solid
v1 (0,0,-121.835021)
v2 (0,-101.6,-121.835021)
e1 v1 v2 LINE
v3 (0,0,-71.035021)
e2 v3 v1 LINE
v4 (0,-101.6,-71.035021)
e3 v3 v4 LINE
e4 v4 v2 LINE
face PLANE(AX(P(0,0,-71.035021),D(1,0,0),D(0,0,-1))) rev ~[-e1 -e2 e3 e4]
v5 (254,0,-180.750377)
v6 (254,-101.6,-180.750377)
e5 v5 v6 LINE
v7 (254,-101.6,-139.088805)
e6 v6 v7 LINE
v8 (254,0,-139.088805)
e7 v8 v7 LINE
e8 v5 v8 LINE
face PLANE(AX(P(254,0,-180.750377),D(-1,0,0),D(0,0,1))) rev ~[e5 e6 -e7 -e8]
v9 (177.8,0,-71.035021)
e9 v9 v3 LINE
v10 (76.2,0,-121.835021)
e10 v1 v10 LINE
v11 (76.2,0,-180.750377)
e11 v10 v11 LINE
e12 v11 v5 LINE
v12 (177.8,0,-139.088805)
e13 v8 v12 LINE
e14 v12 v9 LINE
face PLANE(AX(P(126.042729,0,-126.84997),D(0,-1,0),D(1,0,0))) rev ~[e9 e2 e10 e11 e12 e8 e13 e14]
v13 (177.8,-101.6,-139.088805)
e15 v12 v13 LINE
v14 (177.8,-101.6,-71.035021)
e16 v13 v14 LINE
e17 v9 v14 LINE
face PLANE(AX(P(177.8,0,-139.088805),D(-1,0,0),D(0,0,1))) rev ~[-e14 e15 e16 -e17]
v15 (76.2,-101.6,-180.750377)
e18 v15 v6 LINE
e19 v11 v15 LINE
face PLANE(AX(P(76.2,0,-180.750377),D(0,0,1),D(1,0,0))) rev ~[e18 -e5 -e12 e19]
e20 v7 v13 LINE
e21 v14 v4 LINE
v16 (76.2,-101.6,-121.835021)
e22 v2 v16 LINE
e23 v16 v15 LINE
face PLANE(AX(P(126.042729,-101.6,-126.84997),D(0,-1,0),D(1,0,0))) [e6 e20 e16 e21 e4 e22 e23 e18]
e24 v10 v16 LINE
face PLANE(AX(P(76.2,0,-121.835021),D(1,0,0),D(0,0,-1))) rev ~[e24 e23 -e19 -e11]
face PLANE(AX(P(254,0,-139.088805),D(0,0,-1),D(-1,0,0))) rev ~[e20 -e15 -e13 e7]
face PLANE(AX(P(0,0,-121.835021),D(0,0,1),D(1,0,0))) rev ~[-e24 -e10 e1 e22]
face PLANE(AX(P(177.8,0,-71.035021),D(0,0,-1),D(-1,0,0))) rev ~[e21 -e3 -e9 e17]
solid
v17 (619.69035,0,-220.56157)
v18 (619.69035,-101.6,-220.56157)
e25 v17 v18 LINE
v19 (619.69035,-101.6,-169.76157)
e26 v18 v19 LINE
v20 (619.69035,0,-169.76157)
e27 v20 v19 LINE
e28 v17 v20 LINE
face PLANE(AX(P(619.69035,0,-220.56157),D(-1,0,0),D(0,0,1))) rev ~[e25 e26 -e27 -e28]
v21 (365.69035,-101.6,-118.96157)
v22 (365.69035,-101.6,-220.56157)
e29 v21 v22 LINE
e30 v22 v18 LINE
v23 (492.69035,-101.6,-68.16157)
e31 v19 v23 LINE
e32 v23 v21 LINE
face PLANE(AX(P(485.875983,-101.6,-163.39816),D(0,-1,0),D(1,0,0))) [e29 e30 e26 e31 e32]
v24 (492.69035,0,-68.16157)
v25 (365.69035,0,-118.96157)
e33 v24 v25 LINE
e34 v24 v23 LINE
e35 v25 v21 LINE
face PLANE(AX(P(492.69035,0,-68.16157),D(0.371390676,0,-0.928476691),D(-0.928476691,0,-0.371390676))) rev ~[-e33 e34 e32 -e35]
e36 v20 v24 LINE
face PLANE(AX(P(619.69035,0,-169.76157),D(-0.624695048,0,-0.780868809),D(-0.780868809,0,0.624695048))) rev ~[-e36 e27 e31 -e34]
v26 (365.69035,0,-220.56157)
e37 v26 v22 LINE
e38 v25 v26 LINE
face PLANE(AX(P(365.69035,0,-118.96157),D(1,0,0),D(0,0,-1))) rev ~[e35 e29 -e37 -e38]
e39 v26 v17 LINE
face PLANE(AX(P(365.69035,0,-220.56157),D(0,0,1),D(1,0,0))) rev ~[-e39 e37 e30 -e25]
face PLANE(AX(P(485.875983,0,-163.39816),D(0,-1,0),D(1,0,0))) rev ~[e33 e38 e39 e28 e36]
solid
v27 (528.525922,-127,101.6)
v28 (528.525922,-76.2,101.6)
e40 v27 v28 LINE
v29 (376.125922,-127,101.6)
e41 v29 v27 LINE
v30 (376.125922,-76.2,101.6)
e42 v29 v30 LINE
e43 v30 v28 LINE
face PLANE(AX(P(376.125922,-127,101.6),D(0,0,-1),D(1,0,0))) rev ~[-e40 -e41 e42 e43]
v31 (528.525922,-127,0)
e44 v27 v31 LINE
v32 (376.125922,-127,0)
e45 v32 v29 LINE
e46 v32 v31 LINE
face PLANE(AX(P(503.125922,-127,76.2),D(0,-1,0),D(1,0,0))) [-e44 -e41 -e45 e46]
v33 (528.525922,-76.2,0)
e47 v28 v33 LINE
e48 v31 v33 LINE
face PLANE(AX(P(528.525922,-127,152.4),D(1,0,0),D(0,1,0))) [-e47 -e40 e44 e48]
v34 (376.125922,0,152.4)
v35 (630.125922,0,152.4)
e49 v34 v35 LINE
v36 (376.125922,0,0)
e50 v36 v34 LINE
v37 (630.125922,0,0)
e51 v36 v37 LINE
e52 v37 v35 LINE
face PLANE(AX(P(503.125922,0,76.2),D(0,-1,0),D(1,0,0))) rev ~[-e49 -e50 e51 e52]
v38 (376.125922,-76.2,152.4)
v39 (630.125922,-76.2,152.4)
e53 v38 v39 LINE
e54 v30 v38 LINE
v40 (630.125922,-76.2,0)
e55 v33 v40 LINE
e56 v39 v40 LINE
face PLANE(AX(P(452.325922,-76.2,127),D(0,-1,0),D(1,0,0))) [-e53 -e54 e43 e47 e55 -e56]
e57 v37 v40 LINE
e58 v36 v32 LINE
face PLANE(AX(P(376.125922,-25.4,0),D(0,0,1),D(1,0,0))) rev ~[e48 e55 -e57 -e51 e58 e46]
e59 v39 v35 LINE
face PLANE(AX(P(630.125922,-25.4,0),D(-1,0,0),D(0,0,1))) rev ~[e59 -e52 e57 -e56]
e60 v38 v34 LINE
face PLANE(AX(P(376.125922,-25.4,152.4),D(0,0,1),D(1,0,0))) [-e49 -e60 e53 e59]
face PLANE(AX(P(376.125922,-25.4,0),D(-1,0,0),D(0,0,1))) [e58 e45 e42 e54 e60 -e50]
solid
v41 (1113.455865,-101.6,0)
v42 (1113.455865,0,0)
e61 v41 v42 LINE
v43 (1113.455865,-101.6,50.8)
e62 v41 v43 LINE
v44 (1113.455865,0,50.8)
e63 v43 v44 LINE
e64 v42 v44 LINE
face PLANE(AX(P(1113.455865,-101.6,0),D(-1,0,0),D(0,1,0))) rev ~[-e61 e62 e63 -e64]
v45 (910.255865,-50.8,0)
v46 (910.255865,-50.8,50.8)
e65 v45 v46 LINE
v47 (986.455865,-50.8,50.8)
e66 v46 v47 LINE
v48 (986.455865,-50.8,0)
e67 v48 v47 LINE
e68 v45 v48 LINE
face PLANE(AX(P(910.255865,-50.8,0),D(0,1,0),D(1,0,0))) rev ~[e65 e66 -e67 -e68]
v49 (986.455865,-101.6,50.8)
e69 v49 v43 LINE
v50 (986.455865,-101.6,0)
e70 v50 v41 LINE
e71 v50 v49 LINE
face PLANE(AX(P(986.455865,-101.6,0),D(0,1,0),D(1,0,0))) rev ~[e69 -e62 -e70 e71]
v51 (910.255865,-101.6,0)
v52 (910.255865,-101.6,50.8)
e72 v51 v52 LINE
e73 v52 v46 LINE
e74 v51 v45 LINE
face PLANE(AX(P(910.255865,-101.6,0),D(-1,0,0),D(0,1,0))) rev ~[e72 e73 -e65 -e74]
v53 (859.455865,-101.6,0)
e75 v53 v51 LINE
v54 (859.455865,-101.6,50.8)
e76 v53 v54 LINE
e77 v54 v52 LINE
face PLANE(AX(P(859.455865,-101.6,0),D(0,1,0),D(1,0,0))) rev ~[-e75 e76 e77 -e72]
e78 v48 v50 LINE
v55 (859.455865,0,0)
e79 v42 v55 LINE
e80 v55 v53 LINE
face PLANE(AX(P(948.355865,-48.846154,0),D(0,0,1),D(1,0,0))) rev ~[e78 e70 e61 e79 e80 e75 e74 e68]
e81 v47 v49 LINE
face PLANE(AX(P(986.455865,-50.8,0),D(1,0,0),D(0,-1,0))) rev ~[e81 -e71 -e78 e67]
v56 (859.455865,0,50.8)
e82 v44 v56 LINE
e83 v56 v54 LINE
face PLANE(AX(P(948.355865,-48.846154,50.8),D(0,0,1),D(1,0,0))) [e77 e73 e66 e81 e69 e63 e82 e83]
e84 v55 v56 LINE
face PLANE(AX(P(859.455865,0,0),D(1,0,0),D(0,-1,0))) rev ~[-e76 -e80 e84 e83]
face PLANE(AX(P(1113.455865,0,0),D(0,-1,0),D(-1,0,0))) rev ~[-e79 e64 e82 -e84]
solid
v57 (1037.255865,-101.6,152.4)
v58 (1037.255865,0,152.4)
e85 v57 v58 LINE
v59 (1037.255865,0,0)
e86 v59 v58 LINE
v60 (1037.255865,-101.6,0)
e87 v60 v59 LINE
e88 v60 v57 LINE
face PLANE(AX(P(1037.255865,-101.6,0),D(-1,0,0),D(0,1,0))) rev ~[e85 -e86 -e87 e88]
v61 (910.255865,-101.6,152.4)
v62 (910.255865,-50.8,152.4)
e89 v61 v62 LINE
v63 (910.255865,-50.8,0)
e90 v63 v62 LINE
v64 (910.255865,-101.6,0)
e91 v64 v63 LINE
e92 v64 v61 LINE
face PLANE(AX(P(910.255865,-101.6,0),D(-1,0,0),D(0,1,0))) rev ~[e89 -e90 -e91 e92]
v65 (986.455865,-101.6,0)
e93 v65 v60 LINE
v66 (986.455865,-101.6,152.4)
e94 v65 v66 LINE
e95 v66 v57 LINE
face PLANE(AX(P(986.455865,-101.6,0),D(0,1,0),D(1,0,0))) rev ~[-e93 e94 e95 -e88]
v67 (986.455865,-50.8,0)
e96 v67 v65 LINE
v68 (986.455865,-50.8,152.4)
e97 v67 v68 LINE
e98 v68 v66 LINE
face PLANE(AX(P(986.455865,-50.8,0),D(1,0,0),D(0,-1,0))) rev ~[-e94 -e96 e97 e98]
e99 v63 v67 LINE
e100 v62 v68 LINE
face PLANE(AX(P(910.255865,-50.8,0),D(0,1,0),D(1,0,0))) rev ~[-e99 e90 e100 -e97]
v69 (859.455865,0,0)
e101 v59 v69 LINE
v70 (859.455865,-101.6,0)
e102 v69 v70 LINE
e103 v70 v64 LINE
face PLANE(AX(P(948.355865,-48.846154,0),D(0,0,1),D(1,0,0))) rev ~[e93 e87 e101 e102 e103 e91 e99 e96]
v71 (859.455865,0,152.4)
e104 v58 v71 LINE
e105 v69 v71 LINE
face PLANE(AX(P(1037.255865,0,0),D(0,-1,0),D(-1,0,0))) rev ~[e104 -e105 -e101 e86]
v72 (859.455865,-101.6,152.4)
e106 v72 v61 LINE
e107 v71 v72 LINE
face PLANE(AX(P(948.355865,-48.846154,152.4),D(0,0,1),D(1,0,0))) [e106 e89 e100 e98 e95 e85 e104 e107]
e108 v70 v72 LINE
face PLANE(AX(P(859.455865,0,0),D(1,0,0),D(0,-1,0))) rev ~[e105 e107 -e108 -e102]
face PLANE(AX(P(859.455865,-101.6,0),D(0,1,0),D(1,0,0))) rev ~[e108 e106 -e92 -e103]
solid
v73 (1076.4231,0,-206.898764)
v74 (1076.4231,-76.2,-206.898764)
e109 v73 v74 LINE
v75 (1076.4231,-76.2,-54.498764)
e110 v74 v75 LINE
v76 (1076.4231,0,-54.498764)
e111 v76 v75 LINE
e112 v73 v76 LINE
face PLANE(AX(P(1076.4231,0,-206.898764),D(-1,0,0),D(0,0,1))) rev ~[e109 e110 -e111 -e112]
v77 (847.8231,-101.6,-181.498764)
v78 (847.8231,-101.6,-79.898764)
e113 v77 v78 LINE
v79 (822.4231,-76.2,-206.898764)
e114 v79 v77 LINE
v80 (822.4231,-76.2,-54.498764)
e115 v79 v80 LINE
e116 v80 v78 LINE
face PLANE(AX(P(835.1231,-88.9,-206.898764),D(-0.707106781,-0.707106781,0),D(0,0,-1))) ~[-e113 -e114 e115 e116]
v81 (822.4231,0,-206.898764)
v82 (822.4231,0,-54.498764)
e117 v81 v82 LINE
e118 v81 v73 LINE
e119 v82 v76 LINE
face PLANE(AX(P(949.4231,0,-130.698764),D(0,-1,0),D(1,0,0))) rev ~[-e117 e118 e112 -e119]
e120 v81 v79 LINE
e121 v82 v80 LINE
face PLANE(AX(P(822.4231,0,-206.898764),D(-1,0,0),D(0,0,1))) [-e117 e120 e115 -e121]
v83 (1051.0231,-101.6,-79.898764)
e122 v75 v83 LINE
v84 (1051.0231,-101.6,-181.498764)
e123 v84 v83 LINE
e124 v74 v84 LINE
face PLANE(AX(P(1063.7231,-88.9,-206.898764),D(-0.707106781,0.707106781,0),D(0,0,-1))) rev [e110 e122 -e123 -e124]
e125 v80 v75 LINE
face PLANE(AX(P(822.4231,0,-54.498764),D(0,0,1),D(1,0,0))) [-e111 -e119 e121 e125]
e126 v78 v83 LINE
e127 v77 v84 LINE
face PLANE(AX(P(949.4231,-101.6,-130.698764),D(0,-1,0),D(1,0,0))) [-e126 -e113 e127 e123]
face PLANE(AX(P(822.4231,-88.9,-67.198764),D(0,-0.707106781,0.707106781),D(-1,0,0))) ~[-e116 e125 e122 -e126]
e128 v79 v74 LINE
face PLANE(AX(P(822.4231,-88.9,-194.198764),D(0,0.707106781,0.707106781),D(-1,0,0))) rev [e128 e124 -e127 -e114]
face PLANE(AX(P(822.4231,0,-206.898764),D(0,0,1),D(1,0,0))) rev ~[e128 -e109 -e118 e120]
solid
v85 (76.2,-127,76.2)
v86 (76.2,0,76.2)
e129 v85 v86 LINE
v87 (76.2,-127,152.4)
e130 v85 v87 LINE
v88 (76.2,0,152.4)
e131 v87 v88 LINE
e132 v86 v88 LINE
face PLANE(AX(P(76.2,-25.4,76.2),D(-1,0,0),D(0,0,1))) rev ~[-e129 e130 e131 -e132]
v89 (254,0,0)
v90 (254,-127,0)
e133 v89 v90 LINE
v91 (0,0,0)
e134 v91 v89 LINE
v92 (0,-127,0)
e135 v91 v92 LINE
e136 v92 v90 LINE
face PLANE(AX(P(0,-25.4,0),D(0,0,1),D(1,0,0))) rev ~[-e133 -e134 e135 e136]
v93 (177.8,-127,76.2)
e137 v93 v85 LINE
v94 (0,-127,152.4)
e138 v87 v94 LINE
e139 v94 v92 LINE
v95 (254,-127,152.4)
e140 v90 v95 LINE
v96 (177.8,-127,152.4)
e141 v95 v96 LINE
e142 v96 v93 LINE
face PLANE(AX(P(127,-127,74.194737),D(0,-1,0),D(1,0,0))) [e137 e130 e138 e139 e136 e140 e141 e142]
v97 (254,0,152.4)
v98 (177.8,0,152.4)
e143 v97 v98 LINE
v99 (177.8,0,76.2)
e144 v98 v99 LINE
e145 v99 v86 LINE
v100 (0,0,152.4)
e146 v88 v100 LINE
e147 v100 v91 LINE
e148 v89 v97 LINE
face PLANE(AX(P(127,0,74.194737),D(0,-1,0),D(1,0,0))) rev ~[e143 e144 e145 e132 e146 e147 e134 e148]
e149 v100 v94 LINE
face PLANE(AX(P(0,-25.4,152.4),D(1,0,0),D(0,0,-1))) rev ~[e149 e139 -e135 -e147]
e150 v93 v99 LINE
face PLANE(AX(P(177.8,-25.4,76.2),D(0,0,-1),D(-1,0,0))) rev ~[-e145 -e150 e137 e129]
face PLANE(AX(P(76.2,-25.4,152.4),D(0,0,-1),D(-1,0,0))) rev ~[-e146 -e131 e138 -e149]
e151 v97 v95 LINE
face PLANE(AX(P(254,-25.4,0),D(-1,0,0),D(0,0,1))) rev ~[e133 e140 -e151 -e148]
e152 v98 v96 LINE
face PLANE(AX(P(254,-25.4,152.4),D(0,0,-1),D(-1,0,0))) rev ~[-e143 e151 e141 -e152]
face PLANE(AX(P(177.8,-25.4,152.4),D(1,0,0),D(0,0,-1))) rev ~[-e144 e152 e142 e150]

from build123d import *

# Parameters (mm, degrees)
F2_DEPTH  = 25.4
F3_W      = 254
F3_H      = 152.4
F4_DEPTH  = 25.4
F5_DEPTH  = 101.6
F6_DEPTH  = 101.6
F7_W      = 101.6
F7_H      = 50.8
F8_DEPTH  = 152.4
F9_W      = 152.4
F9_H      = 50.8
F10_DEPTH = 50.8
F12_DEPTH = 152.4
F11_W     = 76.2
F11_H     = 101.6
F13_DEPTH = 50.8
F15_DEPTH = 101.6
F17_DEPTH = 101.6
F18_W     = 254
F18_H     = 152.4
F19_DEPTH = 101.6
F20_SIZE  = 25.4


with BuildPart() as f2:
    # F1 (on face) → F2 (new body)
    with BuildSketch(Plane.XZ):
        Polygon((76.2, 152.4), (0, 152.4), (0, 0), (254, 0), (254, 152.4), (177.8, 152.4), (177.8, 76.2), (76.2, 76.2), align=None)
    extrude(amount=F2_DEPTH)

    # F5 (add): a face of the model
    f5_faces = [f2.faces().sort_by_distance(p)[0] for p in [
        (127, -25.4, 66.675),
    ]]
    extrude(f5_faces, amount=F5_DEPTH)


with BuildPart() as f4:
    # F3 (on Front) → F4 (new body)
    with BuildSketch(Plane.XZ):
        with Locations((503.1259218282, 76.2)):
            Rectangle(F3_W, F3_H)
    extrude(amount=F4_DEPTH)

    # F6 (add): a face of the model
    f6_faces = [f4.faces().sort_by_distance(p)[0] for p in [
        (503.1259218282, -25.4, 76.2),
    ]]
    extrude(f6_faces, amount=F6_DEPTH)

    # F7 (on face) → F8 (cut)
    with BuildSketch(Plane.XY.offset(152.4)):
        with Locations((579.3259218282, -101.6)):
            Rectangle(F7_W, F7_H)
    extrude(amount=-F8_DEPTH, mode=Mode.SUBTRACT)

    # F9 (on face) → F10 (cut)
    with BuildSketch(Plane.XZ.offset(127)):
        with Locations((452.3259218282, 127)):
            Rectangle(F9_W, F9_H)
    extrude(amount=-F10_DEPTH, mode=Mode.SUBTRACT)


with BuildPart() as f12:
    # F11 (on Top) → F12 (new body)
    with BuildSketch(Plane.XY):
        Polygon((1037.2558647942, 0), (859.4558647942, 0), (859.4558647942, -101.6), (910.2558647942, -101.6), (910.2558647942, -50.8), (986.4558647942, -50.8), (986.4558647942, -101.6), (1037.2558647942, -101.6), align=None)
    extrude(amount=F12_DEPTH)


with BuildPart() as f13:
    # F11 (on Top) → F13 (new body)
    with BuildSketch(Plane.XY):
        Polygon((1037.2558647942, 0), (859.4558647942, 0), (859.4558647942, -101.6), (910.2558647942, -101.6), (910.2558647942, -50.8), (986.4558647942, -50.8), (986.4558647942, -101.6), (1037.2558647942, -101.6), align=None)
        with Locations((1075.3558647942, -50.8)):
            Rectangle(F11_W, F11_H)
    extrude(amount=F13_DEPTH)


with BuildPart() as f15:
    # F14 (on Front) → F15 (new body)
    with BuildSketch(Plane.XZ):
        Polygon((177.8, -71.0350205056), (0, -71.0350205056), (0, -121.8350205056), (76.2, -121.8350205056), (76.2, -180.7503772258), (254, -180.7503772258), (254, -139.0888045003), (177.8, -139.0888045003), align=None)
    extrude(amount=F15_DEPTH)


with BuildPart() as f17:
    # F16 (on Front) → F17 (new body)
    with BuildSketch(Plane.XZ):
        Polygon((365.6903495645, -118.9615701005), (365.6903495645, -220.5615701005), (619.6903495645, -220.5615701005), (619.6903495645, -169.7615701005), (492.6903495645, -68.1615701005), align=None)
    extrude(amount=F17_DEPTH)


with BuildPart() as f19:
    # F18 (on Front) → F19 (new body)
    with BuildSketch(Plane.XZ):
        with Locations((949.4231004715, -130.6987637758)):
            Rectangle(F18_W, F18_H)
    extrude(amount=F19_DEPTH)

    # F20
    f20_edges = [f19.edges().sort_by_distance(p)[0] for p in [
        (822.4231, -101.6, -130.698764),
        (949.4231, -101.6, -206.898764),
        (1076.4231, -101.6, -130.698764),
        (949.4231, -101.6, -54.498764),
    ]]
    chamfer(f20_edges, length=F20_SIZE)


solid = Compound([f2.part, f4.part, f12.part, f13.part, f15.part, f17.part, f19.part])
